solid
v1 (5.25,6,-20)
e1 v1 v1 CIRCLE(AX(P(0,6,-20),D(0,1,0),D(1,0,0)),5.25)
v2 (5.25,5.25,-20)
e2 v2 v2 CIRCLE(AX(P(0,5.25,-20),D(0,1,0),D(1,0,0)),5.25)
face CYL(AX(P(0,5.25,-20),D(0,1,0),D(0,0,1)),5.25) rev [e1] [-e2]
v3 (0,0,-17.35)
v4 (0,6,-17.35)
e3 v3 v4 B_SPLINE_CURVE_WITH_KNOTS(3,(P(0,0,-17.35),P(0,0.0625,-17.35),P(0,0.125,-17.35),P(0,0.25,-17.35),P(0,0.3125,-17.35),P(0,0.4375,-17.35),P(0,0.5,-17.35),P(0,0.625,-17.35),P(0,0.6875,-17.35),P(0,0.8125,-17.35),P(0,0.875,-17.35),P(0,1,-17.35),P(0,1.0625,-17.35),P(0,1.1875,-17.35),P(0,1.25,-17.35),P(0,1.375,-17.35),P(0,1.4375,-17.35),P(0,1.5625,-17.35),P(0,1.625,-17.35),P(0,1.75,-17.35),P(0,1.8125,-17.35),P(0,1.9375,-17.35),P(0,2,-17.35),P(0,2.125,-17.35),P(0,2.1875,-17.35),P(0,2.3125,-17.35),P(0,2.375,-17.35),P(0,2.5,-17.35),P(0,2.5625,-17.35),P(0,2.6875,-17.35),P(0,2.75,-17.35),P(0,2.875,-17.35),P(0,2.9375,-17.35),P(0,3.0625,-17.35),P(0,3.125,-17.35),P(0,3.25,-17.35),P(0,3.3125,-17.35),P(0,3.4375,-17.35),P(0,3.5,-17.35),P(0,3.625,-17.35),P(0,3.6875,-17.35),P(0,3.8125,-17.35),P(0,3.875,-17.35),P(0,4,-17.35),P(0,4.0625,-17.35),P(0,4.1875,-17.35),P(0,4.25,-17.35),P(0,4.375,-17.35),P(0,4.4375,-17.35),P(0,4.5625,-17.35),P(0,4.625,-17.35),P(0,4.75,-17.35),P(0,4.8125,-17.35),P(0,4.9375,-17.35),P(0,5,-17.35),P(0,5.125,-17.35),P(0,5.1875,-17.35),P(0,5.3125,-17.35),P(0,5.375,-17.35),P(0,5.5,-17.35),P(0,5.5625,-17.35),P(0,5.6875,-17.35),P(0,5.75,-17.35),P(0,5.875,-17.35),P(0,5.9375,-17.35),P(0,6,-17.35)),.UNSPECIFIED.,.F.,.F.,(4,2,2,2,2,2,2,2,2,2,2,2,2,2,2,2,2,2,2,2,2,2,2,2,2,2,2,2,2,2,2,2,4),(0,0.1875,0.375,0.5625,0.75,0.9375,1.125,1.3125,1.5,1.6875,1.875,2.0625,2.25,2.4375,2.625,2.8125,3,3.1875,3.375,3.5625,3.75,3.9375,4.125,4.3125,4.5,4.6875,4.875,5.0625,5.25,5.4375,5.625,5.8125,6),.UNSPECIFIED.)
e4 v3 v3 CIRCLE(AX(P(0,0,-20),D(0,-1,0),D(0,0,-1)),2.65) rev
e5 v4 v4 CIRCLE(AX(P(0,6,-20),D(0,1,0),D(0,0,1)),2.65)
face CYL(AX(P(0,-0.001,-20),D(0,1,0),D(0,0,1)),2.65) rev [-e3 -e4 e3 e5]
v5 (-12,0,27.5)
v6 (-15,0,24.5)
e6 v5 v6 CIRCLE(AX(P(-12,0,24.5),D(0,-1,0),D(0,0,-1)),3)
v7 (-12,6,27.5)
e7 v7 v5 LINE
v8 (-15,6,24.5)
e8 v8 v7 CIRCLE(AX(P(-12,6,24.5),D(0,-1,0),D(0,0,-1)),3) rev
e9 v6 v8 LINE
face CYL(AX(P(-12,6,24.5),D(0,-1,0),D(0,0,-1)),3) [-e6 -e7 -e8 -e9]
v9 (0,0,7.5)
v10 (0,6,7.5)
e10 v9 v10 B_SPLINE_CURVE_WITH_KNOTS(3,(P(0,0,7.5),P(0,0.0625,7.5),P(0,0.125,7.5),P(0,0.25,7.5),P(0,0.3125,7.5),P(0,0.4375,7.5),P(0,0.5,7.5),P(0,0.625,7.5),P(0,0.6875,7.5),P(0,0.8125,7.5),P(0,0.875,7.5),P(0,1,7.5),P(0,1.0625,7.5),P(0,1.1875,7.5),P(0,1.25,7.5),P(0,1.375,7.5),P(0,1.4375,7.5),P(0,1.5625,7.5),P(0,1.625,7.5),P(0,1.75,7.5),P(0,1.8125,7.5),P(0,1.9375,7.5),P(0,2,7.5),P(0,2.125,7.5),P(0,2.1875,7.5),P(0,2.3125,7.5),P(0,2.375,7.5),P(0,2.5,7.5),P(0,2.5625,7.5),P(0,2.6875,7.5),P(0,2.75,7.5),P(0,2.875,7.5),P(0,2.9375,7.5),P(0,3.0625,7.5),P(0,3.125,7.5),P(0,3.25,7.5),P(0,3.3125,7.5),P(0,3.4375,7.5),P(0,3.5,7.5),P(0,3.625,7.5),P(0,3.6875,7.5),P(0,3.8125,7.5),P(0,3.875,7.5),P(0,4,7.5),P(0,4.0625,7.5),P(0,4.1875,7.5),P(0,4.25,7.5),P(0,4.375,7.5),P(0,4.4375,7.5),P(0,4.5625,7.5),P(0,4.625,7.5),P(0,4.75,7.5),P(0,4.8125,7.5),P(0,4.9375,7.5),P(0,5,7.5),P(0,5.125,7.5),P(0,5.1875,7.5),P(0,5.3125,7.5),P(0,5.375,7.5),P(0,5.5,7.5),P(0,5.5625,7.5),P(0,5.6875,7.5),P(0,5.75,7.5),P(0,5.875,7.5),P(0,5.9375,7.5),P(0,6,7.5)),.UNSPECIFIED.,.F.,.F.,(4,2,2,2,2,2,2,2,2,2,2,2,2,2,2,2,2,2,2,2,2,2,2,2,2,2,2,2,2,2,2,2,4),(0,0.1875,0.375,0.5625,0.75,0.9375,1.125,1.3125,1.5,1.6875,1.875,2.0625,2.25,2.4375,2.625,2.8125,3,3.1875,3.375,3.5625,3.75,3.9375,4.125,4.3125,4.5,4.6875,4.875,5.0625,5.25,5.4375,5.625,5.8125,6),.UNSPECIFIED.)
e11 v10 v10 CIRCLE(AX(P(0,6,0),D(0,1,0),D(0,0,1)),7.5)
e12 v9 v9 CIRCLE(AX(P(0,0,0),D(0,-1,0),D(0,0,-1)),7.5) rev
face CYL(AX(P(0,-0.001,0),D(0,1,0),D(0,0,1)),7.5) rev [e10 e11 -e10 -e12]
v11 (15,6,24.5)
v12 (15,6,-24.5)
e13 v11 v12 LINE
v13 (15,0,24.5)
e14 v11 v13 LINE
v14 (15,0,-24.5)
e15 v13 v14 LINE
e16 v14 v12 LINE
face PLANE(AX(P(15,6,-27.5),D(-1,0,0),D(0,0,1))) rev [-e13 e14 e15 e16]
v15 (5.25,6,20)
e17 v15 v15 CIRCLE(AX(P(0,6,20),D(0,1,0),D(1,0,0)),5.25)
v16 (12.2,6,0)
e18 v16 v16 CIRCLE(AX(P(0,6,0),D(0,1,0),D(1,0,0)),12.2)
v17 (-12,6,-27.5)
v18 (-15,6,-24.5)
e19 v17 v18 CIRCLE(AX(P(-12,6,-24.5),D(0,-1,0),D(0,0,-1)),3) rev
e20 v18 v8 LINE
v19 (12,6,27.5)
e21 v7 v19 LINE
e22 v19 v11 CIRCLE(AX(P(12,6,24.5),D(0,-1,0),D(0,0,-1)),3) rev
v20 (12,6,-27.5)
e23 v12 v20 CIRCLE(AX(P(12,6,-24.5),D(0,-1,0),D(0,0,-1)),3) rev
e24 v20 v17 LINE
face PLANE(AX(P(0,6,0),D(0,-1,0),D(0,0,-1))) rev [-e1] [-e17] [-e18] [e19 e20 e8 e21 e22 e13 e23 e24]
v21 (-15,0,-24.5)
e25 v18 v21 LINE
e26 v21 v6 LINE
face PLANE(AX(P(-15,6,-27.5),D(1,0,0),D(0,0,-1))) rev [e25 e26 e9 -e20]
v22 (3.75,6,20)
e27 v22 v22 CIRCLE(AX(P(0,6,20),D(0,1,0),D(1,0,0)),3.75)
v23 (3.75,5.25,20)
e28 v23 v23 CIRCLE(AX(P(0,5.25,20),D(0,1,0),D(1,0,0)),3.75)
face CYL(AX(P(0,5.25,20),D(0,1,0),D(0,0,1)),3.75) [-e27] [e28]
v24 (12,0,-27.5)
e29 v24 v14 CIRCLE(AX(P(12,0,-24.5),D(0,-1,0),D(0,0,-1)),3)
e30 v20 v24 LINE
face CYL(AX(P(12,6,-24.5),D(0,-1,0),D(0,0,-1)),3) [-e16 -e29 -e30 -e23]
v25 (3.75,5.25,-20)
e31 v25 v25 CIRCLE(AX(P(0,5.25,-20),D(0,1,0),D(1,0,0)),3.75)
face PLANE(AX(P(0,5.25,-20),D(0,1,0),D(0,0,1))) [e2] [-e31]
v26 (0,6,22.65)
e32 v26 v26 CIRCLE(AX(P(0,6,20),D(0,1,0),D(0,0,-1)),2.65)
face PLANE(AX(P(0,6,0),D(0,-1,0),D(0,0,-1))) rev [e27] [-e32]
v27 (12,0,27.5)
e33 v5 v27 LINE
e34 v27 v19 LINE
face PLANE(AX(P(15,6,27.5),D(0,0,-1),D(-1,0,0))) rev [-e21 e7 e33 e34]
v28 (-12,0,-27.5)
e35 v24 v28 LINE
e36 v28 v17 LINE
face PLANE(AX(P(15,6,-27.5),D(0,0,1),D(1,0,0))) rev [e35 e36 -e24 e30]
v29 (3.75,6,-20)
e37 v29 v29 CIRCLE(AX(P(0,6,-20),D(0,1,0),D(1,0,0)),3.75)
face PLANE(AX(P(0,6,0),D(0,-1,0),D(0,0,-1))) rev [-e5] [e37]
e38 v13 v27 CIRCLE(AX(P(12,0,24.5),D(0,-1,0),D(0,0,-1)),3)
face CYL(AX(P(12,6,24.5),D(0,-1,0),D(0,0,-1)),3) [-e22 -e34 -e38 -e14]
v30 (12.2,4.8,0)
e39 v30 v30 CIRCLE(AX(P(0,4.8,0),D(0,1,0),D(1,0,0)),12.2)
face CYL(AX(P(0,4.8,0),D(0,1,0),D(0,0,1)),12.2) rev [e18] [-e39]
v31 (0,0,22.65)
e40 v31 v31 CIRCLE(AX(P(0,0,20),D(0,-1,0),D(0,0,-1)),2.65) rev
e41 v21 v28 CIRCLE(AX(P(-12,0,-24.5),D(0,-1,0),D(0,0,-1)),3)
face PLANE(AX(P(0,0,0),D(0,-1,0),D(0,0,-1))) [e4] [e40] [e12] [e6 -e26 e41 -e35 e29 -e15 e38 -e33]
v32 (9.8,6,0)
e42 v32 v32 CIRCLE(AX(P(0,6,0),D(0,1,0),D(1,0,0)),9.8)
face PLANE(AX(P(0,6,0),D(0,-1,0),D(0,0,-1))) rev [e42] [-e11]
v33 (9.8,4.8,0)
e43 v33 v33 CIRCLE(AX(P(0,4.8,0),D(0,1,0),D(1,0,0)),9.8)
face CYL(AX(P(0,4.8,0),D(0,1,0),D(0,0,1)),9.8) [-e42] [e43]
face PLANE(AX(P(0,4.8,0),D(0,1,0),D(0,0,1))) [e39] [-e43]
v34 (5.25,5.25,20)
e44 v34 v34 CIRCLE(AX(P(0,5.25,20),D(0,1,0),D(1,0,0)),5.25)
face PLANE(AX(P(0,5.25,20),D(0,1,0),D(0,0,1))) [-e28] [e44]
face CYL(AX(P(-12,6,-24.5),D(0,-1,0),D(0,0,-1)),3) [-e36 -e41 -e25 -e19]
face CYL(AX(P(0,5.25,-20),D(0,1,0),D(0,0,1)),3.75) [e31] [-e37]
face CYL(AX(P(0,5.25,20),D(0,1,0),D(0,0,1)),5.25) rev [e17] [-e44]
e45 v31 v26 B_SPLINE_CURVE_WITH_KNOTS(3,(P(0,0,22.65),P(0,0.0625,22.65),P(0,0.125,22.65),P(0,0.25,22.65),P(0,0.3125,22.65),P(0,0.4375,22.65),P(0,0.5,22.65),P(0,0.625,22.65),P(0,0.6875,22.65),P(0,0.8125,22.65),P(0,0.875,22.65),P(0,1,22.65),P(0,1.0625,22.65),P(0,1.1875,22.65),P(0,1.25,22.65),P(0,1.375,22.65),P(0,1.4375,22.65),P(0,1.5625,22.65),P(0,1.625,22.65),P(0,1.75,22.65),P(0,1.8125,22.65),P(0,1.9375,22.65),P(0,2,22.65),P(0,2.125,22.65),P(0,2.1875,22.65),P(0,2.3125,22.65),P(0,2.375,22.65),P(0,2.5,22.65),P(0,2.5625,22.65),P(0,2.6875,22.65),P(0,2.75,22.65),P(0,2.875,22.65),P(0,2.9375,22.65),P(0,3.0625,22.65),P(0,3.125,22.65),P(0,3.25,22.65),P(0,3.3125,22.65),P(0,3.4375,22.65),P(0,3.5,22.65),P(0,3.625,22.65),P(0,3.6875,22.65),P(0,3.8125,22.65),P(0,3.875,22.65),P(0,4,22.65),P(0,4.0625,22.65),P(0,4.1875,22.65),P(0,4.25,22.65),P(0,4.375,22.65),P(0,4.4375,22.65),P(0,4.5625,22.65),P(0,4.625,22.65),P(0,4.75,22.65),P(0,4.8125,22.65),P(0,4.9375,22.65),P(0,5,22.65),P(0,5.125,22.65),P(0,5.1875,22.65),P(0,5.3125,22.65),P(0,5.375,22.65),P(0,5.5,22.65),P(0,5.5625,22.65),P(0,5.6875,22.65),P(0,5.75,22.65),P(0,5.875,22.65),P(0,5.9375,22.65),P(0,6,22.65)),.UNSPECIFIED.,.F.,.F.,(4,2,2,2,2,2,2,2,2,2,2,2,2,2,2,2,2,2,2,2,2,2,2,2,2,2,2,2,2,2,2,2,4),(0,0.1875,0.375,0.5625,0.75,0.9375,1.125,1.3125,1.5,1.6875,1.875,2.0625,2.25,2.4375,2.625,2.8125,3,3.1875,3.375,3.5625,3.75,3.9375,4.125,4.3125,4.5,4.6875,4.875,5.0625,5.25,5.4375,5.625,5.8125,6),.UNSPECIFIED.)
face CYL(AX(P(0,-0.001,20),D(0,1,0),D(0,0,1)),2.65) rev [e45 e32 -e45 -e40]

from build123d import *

# Parameters (mm, degrees)
ESQUISSE1_W                     = 30
ESQUISSE1_H                     = 55
PLAQUE_PLEXI_DEPTH              = 6
PASSAGE_JAUGE_LAITON_REACH      = 33.894
ESQUISSE5_R                     = 7.5
PASSAGE_CROU_M5_REACH           = 33.894
ESQUISSE6_R                     = 2.65
ESQUISSE2_R                     = 12.2
ESQUISSE2_R_2                   = 9.8
GORGE_JOINT_CENTRAL_DEPTH       = 1.2
ESQUISSE7_R                     = 5.25
ESQUISSE7_R_2                   = 3.75
ENL_V_DE_MAT_EXTRU_MINCE2_DEPTH = 0.75
CONG_1_R                        = 3


with BuildPart() as part:
    # Esquisse1 → Plaque Plexi (new body)
    with BuildSketch(Plane(origin=(0, 0, 0), x_dir=(1, 0, 0), z_dir=(0, 1, 0))):
        Rectangle(ESQUISSE1_W, ESQUISSE1_H)
    extrude(amount=PLAQUE_PLEXI_DEPTH)

    # Esquisse5 → Passage Jauge Laiton (cut, up to next)
    with BuildSketch(Plane(origin=(0, 6, 0), x_dir=(1, 0, 0), z_dir=(0, 1, 0)), mode=Mode.PRIVATE) as passage_jauge_laiton_sk1:
        with Locations(Location((0, 0, 0), (0, 0, 270))):
            Circle(ESQUISSE5_R)
    passage_jauge_laiton_tool1 = extrude(passage_jauge_laiton_sk1.sketch, amount=-PASSAGE_JAUGE_LAITON_REACH, mode=Mode.PRIVATE) & part.part
    add(passage_jauge_laiton_tool1.solids().sort_by_distance((0, 6, 0))[0], mode=Mode.SUBTRACT)

    # Esquisse6 → Passage écrou M5 (cut, up to next)
    with BuildSketch(Plane(origin=(0, 6, 0), x_dir=(1, 0, 0), z_dir=(0, 1, 0)), mode=Mode.PRIVATE) as passage_crou_m5_sk1:
        with Locations(Location((0, 20, 0), (0, 0, 270))):
            Circle(ESQUISSE6_R)
    passage_crou_m5_tool1 = extrude(passage_crou_m5_sk1.sketch, amount=-PASSAGE_CROU_M5_REACH, mode=Mode.PRIVATE) & part.part
    # Esquisse6 → Passage écrou M5 (cut, up to next)
    with BuildSketch(Plane(origin=(0, 6, 0), x_dir=(1, 0, 0), z_dir=(0, 1, 0)), mode=Mode.PRIVATE) as passage_crou_m5_sk2:
        with Locations(Location((0, -20, 0), (0, 0, 270))):
            Circle(ESQUISSE6_R)
    passage_crou_m5_tool2 = extrude(passage_crou_m5_sk2.sketch, amount=-PASSAGE_CROU_M5_REACH, mode=Mode.PRIVATE) & part.part
    add(passage_crou_m5_tool1.solids().sort_by_distance((0, 6, -20))[0], mode=Mode.SUBTRACT)
    add(passage_crou_m5_tool2.solids().sort_by_distance((0, 6, 20))[0], mode=Mode.SUBTRACT)

    # Esquisse2 → Gorge_Joint_central (cut)
    with BuildSketch(Plane(origin=(0, 6, 0), x_dir=(1, 0, 0), z_dir=(0, 1, 0))):
        Circle(ESQUISSE2_R)
        Circle(ESQUISSE2_R_2, mode=Mode.SUBTRACT)
    extrude(amount=-GORGE_JOINT_CENTRAL_DEPTH, mode=Mode.SUBTRACT)

    # Esquisse7 → Enlèv. de mat.-Extru.-Mince2 (cut)
    # profile 1 of 2: a face of its own
    with BuildSketch(Plane(origin=(0, 6, 0), x_dir=(1, 0, 0), z_dir=(0, 1, 0))):
        with Locations((0, -20)):
            Circle(ESQUISSE7_R)
        with Locations((0, -20)):
            Circle(ESQUISSE7_R_2, mode=Mode.SUBTRACT)
    # profile 2 of 2: a face of its own
    with BuildSketch(Plane(origin=(0, 6, 0), x_dir=(1, 0, 0), z_dir=(0, 1, 0))):
        with Locations((0, 20)):
            Circle(ESQUISSE7_R)
        with Locations((0, 20)):
            Circle(ESQUISSE7_R_2, mode=Mode.SUBTRACT)
    extrude(amount=-ENL_V_DE_MAT_EXTRU_MINCE2_DEPTH, mode=Mode.SUBTRACT)

    # Congé1
    cong_1_edges = [part.edges().sort_by_distance(p)[0] for p in [
        (-15, 3, -27.5),
        (15, 3, -27.5),
        (15, 3, 27.5),
        (-15, 3, 27.5),
    ]]
    fillet(cong_1_edges, radius=CONG_1_R)


solid = part.part
